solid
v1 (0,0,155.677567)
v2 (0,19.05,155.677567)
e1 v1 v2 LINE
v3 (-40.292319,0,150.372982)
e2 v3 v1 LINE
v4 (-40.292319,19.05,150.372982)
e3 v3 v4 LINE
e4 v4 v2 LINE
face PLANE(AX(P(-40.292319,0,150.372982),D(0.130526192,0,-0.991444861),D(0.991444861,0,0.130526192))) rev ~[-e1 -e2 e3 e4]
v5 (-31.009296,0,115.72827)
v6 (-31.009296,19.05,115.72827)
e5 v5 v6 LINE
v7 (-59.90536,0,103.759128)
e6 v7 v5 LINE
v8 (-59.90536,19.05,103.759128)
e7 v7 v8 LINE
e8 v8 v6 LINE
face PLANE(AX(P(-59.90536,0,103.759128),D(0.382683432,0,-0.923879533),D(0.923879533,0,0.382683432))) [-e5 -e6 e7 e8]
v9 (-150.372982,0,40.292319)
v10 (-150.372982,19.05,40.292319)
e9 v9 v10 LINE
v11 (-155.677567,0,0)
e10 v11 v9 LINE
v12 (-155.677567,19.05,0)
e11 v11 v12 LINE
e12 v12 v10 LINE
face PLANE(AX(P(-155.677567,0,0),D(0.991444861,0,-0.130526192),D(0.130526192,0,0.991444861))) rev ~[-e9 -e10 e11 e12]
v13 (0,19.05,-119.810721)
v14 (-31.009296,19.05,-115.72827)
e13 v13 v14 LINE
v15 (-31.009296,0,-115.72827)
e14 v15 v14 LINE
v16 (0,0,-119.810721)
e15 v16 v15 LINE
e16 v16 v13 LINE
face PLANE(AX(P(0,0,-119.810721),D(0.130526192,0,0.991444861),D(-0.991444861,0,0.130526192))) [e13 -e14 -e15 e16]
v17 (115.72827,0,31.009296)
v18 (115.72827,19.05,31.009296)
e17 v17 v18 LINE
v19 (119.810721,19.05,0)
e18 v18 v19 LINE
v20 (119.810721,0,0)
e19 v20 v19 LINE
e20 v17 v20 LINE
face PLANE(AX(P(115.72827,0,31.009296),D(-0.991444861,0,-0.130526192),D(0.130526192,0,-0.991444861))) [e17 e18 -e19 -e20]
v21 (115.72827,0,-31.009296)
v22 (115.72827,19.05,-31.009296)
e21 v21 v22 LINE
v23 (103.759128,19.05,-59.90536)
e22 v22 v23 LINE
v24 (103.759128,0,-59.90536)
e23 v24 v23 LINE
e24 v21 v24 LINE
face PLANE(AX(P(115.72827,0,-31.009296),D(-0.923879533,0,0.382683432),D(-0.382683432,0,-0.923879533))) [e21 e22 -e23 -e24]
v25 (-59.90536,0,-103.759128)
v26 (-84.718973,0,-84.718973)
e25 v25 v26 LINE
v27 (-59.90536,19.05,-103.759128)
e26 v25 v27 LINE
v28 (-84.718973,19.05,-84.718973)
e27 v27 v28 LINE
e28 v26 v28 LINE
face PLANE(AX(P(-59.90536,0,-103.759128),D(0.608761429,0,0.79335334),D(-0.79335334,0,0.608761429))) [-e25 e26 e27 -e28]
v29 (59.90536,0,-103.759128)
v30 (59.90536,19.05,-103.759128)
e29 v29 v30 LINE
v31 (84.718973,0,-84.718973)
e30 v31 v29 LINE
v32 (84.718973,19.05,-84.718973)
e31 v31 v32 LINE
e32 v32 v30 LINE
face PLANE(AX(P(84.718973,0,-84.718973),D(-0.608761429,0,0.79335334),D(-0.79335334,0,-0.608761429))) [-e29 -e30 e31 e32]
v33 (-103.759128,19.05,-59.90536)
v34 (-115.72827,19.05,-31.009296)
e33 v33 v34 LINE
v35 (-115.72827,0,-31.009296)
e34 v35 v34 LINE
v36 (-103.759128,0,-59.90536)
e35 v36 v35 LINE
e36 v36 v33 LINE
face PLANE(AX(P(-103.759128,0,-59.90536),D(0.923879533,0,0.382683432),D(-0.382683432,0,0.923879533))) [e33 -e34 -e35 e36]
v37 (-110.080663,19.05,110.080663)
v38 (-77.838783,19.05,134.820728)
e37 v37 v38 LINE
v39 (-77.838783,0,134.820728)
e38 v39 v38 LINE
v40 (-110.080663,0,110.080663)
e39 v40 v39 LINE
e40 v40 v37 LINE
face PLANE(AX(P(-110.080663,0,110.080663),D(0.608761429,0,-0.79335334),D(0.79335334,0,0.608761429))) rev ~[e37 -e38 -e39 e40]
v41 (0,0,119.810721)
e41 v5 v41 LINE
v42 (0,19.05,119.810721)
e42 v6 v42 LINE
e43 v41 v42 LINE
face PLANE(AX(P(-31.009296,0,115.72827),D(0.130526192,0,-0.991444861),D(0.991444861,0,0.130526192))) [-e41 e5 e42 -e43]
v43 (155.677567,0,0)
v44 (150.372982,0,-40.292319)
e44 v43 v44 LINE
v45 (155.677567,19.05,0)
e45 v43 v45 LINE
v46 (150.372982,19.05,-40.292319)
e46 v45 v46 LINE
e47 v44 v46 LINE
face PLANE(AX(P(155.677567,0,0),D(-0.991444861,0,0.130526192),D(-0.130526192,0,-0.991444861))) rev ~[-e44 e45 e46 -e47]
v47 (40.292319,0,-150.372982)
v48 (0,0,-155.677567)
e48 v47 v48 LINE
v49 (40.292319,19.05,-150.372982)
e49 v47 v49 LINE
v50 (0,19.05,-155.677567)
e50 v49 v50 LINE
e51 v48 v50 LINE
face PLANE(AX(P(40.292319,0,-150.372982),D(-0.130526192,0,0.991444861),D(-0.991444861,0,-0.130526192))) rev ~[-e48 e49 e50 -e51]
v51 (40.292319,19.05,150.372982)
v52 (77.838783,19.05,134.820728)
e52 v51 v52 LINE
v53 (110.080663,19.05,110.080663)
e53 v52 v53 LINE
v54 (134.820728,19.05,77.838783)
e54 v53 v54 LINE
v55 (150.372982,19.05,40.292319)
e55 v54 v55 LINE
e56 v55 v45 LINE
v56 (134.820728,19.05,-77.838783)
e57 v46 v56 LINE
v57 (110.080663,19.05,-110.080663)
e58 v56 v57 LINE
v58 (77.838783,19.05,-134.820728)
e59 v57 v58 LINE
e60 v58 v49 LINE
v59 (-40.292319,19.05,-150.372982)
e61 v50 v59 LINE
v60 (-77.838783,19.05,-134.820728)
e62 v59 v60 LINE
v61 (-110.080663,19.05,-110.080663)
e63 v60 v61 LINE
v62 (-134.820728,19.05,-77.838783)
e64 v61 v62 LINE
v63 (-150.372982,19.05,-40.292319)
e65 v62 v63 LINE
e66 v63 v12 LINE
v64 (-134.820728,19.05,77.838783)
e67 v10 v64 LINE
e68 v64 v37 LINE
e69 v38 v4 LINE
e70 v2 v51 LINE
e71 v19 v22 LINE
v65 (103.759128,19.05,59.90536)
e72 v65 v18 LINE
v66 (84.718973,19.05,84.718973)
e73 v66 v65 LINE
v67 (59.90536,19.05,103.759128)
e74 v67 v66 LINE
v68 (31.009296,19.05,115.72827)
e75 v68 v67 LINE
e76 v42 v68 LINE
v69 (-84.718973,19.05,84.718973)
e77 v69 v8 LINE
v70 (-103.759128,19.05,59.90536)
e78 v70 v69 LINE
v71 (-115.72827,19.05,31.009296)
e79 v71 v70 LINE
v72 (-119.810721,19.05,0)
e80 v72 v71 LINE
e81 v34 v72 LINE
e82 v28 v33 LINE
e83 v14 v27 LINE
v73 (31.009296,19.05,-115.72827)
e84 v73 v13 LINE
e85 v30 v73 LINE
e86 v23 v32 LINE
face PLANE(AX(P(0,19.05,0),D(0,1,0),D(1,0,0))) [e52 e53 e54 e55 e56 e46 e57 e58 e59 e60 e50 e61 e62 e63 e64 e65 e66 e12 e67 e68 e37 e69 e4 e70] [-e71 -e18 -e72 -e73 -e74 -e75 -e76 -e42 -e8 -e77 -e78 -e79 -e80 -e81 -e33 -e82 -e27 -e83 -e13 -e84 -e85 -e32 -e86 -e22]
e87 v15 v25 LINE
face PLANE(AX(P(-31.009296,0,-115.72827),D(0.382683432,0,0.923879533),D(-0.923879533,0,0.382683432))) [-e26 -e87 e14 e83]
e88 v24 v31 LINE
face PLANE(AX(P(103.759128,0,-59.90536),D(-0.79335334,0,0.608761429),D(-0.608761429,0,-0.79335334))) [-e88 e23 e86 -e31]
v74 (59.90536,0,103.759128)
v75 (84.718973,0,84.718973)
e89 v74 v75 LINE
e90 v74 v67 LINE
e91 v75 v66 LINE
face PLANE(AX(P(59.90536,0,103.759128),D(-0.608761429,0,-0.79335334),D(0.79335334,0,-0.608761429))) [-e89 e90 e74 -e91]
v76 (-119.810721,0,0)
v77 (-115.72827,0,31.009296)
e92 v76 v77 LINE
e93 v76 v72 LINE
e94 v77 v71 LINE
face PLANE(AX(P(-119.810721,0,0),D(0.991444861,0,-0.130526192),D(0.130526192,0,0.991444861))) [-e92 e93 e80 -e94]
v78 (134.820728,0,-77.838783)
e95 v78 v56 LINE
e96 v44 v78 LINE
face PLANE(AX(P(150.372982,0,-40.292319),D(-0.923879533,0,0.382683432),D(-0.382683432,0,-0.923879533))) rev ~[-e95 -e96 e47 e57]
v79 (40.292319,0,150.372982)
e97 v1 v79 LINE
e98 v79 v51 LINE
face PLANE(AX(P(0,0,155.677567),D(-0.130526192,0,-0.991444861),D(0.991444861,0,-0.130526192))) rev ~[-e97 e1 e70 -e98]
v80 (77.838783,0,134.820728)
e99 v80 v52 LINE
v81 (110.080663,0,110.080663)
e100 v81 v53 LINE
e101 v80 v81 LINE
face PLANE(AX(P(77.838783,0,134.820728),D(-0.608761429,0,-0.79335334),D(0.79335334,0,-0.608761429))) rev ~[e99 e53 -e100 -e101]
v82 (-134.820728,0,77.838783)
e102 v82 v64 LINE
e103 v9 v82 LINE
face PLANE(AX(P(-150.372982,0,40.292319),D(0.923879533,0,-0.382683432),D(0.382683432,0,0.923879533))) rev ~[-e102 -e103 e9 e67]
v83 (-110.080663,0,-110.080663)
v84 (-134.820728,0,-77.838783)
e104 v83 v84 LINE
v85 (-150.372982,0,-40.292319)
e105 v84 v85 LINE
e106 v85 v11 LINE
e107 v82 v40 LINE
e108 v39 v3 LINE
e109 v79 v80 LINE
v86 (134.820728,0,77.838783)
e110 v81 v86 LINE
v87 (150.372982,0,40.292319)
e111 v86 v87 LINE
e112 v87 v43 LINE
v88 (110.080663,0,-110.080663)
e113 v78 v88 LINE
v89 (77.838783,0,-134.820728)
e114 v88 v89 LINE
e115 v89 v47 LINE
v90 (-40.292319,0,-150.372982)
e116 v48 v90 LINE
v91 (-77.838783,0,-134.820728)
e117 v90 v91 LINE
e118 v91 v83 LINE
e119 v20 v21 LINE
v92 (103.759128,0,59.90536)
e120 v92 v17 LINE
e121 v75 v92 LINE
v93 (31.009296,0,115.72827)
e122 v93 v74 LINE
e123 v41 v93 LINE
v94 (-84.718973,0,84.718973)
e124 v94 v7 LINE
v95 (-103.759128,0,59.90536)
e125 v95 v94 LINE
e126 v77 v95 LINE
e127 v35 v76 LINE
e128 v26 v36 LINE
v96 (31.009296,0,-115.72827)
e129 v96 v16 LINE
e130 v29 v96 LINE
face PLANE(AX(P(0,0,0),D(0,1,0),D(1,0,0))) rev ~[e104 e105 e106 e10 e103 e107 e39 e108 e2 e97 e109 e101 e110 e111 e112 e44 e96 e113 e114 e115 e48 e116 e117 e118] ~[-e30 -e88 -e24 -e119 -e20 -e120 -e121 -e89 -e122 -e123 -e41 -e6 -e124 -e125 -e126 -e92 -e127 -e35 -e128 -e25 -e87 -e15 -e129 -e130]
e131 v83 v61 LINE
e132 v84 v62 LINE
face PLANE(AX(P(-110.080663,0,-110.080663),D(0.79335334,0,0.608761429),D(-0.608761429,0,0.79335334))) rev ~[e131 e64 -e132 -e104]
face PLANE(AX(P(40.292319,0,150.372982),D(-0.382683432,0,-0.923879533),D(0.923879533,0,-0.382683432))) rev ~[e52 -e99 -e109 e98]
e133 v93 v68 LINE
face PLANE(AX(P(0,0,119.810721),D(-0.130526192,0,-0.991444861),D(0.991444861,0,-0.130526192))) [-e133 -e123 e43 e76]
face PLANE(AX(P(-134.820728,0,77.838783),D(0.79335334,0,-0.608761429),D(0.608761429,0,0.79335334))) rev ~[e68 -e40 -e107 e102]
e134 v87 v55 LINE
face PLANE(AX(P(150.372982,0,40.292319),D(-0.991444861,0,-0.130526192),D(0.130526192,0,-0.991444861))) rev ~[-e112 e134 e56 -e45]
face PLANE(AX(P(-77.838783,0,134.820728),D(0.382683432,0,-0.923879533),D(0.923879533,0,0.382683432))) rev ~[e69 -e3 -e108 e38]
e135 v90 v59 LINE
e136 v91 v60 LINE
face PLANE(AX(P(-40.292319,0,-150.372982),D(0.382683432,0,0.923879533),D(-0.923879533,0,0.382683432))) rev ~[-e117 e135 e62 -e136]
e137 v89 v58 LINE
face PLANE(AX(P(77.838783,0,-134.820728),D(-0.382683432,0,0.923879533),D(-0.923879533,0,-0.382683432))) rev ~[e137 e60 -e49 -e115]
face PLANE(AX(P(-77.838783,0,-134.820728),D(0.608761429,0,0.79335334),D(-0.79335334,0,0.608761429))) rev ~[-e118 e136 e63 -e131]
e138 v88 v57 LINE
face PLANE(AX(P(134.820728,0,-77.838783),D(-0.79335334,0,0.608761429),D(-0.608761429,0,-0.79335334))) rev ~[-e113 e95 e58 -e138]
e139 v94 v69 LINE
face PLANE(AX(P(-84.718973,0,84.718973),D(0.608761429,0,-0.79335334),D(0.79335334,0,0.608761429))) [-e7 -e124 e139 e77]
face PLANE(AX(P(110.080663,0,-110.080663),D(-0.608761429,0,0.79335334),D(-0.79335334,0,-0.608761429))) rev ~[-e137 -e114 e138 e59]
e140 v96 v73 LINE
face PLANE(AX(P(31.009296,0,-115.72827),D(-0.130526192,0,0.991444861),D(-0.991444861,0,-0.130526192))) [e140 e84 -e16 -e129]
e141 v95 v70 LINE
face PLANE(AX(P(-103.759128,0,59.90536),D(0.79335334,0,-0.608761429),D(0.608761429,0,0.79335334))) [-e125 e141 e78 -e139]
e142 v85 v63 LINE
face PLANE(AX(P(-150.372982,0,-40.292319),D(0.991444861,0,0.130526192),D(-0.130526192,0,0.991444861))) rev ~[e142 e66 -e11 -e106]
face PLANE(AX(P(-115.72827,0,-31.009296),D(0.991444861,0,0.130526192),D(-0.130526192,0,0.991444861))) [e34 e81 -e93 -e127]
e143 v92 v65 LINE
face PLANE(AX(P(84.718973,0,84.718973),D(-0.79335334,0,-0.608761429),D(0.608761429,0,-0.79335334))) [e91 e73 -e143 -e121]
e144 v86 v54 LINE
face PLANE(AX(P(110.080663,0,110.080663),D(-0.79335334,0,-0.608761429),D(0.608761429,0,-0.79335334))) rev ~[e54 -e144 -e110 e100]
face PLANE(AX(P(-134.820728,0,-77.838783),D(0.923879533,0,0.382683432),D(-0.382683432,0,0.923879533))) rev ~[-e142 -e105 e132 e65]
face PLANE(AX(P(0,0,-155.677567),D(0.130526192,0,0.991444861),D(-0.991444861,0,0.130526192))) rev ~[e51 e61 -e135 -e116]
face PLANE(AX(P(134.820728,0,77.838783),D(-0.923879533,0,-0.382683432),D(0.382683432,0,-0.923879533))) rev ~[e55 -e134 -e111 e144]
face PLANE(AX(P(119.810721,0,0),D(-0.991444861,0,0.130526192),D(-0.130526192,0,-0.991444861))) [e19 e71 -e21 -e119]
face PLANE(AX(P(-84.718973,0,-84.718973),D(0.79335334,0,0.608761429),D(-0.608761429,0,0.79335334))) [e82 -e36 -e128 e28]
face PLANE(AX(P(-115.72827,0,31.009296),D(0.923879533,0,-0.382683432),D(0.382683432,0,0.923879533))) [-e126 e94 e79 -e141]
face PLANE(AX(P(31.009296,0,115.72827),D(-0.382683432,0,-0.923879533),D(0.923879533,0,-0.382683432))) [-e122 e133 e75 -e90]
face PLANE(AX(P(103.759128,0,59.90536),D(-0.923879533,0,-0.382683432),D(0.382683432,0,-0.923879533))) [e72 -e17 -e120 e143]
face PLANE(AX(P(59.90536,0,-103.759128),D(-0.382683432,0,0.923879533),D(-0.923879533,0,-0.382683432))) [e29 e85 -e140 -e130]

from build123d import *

# Parameters (mm, degrees)
BOSS_EXTRUDE3_DEPTH = 19.05


with BuildPart() as part:
    # Sketch3 → Boss-Extrude3 (new body)
    with BuildSketch(Plane(origin=(0, 0, 0), x_dir=(1, 0, 0), z_dir=(0, 1, 0))):
        Polygon((-155.677566735, 0), (-150.372982283, -40.292319166), (-134.820727592, -77.838783367), (-110.080663117, -110.080663117), (-77.838783367, -134.820727592), (-40.292319166, -150.372982283), (0, -155.677566735), (40.292319166, -150.372982283), (77.838783367, -134.820727592), (110.080663117, -110.080663117), (134.820727592, -77.838783367), (150.372982283, -40.292319166), (155.677566735, 0), (150.372982283, 40.292319166), (134.820727592, 77.838783367), (110.080663117, 110.080663117), (77.838783367, 134.820727592), (40.292319166, 150.372982283), (0, 155.677566735), (-40.292319166, 150.372982283), (-77.838783367, 134.820727592), (-110.080663117, 110.080663117), (-134.820727592, 77.838783367), (-150.372982283, 40.292319166), align=None)
        Polygon((-119.810720897, 0), (-115.72826958, -31.009296376), (-103.759127942, -59.905360448), (-84.718973205, -84.718973205), (-59.905360448, -103.759127942), (-31.009296376, -115.72826958), (0, -119.810720897), (31.009296376, -115.72826958), (59.905360448, -103.759127942), (84.718973205, -84.718973205), (103.759127942, -59.905360448), (115.72826958, -31.009296376), (119.810720897, 0), (115.72826958, 31.009296376), (103.759127942, 59.905360448), (84.718973205, 84.718973205), (59.905360448, 103.759127942), (31.009296376, 115.72826958), (0, 119.810720897), (-31.009296376, 115.72826958), (-59.905360448, 103.759127942), (-84.718973205, 84.718973205), (-103.759127942, 59.905360448), (-115.72826958, 31.009296376), align=None, mode=Mode.SUBTRACT)
    extrude(amount=BOSS_EXTRUDE3_DEPTH)


solid = part.part
